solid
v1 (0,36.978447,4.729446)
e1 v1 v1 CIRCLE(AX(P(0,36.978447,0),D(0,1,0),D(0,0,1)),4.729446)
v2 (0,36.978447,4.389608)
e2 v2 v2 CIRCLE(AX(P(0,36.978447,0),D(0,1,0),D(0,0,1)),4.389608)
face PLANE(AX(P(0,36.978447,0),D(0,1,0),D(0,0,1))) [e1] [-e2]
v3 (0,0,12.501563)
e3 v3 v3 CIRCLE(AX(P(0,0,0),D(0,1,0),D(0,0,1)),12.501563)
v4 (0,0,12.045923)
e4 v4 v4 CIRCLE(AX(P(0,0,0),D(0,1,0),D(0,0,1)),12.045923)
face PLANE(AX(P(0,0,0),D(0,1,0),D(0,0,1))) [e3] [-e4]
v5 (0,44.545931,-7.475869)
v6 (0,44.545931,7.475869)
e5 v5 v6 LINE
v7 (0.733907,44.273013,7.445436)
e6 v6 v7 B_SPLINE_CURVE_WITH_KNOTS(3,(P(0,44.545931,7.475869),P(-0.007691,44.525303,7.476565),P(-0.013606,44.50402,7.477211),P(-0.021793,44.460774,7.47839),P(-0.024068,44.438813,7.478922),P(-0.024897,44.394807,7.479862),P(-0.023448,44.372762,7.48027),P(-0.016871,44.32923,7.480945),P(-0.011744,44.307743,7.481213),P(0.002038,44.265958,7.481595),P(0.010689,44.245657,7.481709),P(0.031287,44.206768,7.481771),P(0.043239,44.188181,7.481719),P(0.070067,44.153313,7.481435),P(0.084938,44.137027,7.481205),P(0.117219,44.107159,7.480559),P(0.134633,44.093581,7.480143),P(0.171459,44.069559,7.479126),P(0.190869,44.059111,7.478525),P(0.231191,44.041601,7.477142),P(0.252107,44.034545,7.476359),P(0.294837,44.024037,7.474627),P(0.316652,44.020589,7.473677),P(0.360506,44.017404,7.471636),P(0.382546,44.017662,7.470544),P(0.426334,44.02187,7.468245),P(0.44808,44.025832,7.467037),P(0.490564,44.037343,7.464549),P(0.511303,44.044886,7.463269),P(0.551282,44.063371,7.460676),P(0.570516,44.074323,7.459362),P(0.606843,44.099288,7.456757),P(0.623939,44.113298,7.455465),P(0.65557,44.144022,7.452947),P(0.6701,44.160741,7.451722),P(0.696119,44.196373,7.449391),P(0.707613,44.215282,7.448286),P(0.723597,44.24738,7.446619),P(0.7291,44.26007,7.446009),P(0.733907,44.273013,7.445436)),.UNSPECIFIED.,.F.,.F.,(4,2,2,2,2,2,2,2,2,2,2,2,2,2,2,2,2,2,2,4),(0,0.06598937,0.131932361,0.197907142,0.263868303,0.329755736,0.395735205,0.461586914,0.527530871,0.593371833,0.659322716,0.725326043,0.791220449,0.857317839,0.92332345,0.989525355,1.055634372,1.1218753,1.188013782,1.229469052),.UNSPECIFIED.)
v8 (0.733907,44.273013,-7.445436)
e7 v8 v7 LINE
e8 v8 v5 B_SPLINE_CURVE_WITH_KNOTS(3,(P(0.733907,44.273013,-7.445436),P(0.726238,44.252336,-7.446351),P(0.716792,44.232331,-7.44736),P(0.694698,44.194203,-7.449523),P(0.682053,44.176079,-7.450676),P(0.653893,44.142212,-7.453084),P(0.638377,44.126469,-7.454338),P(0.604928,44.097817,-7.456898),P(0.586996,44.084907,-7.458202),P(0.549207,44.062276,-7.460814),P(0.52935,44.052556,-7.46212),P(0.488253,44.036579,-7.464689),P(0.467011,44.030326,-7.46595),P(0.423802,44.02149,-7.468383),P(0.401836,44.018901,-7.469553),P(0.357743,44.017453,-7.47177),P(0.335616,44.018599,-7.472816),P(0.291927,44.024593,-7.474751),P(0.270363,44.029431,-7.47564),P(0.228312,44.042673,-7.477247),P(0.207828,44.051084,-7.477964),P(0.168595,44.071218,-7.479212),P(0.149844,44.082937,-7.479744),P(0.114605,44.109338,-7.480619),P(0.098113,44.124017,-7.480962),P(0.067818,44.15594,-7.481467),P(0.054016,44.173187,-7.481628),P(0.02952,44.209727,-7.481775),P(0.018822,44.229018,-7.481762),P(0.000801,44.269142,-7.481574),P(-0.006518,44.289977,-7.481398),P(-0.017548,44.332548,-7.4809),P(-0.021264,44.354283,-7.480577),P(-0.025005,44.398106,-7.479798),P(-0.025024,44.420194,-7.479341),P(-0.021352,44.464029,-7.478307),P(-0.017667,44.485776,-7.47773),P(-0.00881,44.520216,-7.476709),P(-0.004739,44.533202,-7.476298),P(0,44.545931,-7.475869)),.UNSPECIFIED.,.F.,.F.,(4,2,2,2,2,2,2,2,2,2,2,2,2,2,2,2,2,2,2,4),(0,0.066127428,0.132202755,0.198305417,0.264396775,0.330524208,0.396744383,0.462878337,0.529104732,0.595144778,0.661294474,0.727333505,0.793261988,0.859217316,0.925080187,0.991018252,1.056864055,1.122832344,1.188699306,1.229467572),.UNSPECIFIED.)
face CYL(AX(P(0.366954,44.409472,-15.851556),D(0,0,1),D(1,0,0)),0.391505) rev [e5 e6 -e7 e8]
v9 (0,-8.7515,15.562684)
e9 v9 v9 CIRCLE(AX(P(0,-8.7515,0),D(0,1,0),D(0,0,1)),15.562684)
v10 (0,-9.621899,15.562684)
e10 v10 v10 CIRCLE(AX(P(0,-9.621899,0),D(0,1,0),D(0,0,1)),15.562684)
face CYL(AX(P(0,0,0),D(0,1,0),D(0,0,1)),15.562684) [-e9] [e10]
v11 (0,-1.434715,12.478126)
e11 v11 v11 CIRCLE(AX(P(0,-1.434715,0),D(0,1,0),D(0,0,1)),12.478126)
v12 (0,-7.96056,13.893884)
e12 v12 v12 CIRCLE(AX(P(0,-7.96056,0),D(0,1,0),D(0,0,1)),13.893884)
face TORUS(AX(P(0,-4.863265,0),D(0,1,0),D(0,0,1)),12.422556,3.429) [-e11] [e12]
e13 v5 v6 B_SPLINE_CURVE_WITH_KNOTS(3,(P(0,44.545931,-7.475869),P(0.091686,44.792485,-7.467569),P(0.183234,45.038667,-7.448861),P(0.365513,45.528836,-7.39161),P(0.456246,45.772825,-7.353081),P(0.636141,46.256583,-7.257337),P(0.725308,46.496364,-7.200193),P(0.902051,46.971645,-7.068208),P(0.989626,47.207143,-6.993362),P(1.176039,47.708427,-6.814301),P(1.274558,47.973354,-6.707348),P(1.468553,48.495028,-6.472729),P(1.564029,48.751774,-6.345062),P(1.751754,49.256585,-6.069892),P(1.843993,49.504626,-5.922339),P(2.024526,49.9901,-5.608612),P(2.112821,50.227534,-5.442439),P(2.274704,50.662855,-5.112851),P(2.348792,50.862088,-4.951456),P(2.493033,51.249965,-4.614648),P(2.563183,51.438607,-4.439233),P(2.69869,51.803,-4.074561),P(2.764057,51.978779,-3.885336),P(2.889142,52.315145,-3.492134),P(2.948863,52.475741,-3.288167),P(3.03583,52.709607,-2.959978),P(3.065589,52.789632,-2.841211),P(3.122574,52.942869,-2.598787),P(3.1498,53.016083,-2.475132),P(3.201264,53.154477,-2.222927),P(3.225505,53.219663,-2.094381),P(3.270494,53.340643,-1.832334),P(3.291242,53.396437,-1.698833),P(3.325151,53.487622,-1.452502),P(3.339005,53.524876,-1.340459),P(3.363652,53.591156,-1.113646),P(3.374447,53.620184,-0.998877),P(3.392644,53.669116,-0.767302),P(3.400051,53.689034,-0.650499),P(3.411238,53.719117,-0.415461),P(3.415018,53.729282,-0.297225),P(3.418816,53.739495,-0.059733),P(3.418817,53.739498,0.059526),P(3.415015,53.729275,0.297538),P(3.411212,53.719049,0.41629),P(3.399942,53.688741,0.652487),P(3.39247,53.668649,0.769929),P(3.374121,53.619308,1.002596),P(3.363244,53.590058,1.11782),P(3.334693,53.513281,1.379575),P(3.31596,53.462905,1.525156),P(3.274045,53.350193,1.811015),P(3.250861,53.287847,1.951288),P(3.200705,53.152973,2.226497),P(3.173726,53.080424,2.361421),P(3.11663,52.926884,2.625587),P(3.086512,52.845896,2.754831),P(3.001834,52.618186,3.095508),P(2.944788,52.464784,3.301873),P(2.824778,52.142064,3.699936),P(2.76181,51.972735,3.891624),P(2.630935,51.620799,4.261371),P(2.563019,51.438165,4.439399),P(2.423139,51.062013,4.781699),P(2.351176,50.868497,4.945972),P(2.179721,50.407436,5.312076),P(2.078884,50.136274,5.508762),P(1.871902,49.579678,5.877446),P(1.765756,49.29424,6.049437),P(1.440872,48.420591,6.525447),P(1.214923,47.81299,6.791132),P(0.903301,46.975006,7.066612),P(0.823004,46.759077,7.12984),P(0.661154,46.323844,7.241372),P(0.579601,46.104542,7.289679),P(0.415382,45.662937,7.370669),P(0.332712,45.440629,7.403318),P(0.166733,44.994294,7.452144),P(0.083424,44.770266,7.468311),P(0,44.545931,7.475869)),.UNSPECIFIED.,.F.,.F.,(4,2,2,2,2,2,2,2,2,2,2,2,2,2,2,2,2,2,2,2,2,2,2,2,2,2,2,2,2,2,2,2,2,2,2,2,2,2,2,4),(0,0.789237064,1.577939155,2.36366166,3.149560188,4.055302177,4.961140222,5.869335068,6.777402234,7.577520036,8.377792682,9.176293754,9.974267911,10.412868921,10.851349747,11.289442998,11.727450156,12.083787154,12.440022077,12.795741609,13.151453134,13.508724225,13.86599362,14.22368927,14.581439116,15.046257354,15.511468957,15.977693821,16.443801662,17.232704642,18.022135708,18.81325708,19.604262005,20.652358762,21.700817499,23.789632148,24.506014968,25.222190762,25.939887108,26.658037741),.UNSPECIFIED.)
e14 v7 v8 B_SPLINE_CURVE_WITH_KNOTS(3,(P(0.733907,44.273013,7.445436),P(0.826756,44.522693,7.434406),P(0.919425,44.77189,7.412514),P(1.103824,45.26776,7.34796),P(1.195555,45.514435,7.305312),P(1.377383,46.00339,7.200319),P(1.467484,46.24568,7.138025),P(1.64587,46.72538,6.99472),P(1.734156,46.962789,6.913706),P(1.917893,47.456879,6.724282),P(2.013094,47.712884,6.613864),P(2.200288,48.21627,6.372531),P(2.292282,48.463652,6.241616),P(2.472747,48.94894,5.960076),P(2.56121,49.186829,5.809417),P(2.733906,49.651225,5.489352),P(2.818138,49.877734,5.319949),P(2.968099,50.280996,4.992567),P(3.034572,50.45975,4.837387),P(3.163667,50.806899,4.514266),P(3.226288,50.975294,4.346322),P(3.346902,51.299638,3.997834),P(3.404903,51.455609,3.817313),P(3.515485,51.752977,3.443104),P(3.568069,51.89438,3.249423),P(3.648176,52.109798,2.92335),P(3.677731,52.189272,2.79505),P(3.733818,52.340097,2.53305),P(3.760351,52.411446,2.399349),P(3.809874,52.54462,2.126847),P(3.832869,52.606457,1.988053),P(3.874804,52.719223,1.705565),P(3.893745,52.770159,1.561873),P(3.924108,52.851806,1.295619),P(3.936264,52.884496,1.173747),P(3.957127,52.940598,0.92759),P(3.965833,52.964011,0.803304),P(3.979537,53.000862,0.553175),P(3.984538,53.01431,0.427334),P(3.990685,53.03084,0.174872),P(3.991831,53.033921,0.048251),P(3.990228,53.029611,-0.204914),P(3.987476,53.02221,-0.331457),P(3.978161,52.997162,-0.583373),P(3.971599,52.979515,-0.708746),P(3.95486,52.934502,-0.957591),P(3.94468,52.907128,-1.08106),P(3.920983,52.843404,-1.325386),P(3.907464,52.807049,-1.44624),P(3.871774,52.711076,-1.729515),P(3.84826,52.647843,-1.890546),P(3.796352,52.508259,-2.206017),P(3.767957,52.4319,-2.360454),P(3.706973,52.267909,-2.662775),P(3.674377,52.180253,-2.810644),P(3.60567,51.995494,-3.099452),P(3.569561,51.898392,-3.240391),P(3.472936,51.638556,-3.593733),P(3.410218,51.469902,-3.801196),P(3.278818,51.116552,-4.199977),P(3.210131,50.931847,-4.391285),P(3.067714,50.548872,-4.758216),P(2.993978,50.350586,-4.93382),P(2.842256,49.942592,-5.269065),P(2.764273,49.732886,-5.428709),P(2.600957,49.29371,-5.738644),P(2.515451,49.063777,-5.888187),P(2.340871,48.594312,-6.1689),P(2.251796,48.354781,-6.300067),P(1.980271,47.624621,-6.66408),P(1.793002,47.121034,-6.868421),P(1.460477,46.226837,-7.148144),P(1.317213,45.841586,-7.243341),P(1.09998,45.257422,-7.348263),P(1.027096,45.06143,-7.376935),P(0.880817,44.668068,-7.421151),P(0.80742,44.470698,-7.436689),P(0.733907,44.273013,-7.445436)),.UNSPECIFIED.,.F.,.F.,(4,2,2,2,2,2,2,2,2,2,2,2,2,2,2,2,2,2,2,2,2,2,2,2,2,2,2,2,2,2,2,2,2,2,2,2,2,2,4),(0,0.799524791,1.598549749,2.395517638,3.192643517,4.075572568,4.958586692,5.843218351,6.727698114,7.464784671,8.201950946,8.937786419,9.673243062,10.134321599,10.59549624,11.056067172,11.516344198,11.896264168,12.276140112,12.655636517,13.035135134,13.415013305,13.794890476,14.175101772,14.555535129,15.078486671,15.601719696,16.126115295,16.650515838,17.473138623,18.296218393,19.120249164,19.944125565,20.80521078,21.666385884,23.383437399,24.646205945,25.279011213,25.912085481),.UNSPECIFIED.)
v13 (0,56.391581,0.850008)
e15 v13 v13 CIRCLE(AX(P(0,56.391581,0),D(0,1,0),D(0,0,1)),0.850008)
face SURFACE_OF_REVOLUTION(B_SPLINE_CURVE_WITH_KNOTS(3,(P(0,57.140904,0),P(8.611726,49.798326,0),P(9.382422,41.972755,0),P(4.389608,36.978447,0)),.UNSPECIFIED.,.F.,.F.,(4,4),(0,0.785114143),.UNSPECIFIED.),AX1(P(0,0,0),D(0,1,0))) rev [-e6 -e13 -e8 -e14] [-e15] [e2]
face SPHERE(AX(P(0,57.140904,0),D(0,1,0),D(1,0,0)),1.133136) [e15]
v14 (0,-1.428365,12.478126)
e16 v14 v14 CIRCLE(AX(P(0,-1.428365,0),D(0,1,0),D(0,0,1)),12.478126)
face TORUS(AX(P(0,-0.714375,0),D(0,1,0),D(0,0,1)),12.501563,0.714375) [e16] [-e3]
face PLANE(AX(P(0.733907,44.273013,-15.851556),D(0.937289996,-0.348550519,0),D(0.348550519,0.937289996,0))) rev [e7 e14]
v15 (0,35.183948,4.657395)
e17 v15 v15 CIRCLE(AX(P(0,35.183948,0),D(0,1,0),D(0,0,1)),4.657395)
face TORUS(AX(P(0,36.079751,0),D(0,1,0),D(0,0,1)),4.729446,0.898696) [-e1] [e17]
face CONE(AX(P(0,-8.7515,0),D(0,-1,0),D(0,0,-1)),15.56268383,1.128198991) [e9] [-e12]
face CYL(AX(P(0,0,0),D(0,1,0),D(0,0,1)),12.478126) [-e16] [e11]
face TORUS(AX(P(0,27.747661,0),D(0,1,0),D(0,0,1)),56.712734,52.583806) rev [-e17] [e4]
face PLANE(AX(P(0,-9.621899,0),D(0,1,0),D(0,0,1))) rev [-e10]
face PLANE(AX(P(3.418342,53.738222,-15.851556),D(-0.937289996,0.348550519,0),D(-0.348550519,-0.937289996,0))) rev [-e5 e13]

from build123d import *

# Parameters (mm, degrees)
CUT_EXTRUDE2_DEPTH      = 16.851556004
CUT_EXTRUDE2_DEPTH_BACK = 16.851556004


with BuildPart() as part:
    # Sketch1 → Revolve2 (revolve)
    with BuildSketch(Plane.XY):
        with BuildLine():
            Line((0, 57.140903962), (0, 0))
            Line((0, 0), (12.045922989, 0))
            ThreePointArc((12.045922989, 0), (5.251378202, 16.94092408), (4.657394802, 35.183948261))
            ThreePointArc((4.657394802, 35.183948261), (5.627418026, 36.043696722), (4.729445697, 36.978447045))
            Line((4.729445697, 36.978447045), (4.389608164, 36.978447045))
            add(Edge.make_bspline(
                [(0.850007783, 56.39158134), (8.657410118, 49.270274861), (9.212929783, 41.803211627), (4.389608164, 36.978447045)],
                knots=[0.026652519, 0.026652519, 0.026652519, 0.026652519, 0.785114143, 0.785114143, 0.785114143, 0.785114143], degree=3))
            add(Edge.make_bspline(
                [(0, 57.140903962), (0.292344998, 56.891643147), (0.575653834, 56.64182572), (0.850007783, 56.39158134)],
                knots=[0, 0, 0, 0, 0.026652519, 0.026652519, 0.026652519, 0.026652519], degree=3))
        make_face()
        with BuildLine():
            Line((15.56268383, -8.751500195), (13.893883706, -7.960560004))
            ThreePointArc((13.893883706, -7.960560004), (15.773602868, -4.136267719), (12.478125528, -1.43471544))
            Line((12.478125528, -1.43471544), (12.478125528, -1.42836544))
            ThreePointArc((12.478125528, -1.42836544), (13.215841354, -0.726095063), (12.5015625, 0))
            Line((12.5015625, 0), (0, 0))
            Line((0, 0), (0, -9.621899232))
            Line((0, -9.621899232), (15.56268383, -9.621899232))
            Line((15.56268383, -9.621899232), (15.56268383, -8.751500195))
        make_face()
        with BuildLine():
            Line((0, 58.274040151), (0, 57.140903962))
            add(Edge.make_bspline(
                [(0, 57.140903962), (0.292344998, 56.891643147), (0.575653834, 56.64182572), (0.850007783, 56.39158134)],
                knots=[0, 0, 0, 0, 0.026652519, 0.026652519, 0.026652519, 0.026652519], degree=3))
            ThreePointArc((0.850007783, 56.39158134), (1.032734768, 57.607226298), (0, 58.274040151))
        make_face()
    revolve(axis=Axis((0, 0, 0), (0, -1, 0)))

    # Sketch2 → Cut-Extrude2 (cut, two sides)
    with BuildSketch(Plane.XY) as cut_extrude2_sk:
        with BuildLine():
            Line((3.418341943, 53.738221663), (0, 44.545930935))
            ThreePointArc((0, 44.545930935), (0.23049432, 44.042518225), (0.73390703, 44.273012546))
            Line((0.73390703, 44.273012546), (3.991277435, 53.032433421))
            add(Edge.make_bspline(
                [(3.991277435, 53.032433421), (3.807835448, 53.267599643), (3.616879106, 53.502897736), (3.418341943, 53.738221663)],
                knots=[0.639700811, 0.639700811, 0.639700811, 0.639700811, 0.664624856, 0.664624856, 0.664624856, 0.664624856], degree=3))
        make_face()
    extrude(amount=CUT_EXTRUDE2_DEPTH, mode=Mode.SUBTRACT)
    extrude(cut_extrude2_sk.sketch, amount=-CUT_EXTRUDE2_DEPTH_BACK, mode=Mode.SUBTRACT)


solid = part.part
